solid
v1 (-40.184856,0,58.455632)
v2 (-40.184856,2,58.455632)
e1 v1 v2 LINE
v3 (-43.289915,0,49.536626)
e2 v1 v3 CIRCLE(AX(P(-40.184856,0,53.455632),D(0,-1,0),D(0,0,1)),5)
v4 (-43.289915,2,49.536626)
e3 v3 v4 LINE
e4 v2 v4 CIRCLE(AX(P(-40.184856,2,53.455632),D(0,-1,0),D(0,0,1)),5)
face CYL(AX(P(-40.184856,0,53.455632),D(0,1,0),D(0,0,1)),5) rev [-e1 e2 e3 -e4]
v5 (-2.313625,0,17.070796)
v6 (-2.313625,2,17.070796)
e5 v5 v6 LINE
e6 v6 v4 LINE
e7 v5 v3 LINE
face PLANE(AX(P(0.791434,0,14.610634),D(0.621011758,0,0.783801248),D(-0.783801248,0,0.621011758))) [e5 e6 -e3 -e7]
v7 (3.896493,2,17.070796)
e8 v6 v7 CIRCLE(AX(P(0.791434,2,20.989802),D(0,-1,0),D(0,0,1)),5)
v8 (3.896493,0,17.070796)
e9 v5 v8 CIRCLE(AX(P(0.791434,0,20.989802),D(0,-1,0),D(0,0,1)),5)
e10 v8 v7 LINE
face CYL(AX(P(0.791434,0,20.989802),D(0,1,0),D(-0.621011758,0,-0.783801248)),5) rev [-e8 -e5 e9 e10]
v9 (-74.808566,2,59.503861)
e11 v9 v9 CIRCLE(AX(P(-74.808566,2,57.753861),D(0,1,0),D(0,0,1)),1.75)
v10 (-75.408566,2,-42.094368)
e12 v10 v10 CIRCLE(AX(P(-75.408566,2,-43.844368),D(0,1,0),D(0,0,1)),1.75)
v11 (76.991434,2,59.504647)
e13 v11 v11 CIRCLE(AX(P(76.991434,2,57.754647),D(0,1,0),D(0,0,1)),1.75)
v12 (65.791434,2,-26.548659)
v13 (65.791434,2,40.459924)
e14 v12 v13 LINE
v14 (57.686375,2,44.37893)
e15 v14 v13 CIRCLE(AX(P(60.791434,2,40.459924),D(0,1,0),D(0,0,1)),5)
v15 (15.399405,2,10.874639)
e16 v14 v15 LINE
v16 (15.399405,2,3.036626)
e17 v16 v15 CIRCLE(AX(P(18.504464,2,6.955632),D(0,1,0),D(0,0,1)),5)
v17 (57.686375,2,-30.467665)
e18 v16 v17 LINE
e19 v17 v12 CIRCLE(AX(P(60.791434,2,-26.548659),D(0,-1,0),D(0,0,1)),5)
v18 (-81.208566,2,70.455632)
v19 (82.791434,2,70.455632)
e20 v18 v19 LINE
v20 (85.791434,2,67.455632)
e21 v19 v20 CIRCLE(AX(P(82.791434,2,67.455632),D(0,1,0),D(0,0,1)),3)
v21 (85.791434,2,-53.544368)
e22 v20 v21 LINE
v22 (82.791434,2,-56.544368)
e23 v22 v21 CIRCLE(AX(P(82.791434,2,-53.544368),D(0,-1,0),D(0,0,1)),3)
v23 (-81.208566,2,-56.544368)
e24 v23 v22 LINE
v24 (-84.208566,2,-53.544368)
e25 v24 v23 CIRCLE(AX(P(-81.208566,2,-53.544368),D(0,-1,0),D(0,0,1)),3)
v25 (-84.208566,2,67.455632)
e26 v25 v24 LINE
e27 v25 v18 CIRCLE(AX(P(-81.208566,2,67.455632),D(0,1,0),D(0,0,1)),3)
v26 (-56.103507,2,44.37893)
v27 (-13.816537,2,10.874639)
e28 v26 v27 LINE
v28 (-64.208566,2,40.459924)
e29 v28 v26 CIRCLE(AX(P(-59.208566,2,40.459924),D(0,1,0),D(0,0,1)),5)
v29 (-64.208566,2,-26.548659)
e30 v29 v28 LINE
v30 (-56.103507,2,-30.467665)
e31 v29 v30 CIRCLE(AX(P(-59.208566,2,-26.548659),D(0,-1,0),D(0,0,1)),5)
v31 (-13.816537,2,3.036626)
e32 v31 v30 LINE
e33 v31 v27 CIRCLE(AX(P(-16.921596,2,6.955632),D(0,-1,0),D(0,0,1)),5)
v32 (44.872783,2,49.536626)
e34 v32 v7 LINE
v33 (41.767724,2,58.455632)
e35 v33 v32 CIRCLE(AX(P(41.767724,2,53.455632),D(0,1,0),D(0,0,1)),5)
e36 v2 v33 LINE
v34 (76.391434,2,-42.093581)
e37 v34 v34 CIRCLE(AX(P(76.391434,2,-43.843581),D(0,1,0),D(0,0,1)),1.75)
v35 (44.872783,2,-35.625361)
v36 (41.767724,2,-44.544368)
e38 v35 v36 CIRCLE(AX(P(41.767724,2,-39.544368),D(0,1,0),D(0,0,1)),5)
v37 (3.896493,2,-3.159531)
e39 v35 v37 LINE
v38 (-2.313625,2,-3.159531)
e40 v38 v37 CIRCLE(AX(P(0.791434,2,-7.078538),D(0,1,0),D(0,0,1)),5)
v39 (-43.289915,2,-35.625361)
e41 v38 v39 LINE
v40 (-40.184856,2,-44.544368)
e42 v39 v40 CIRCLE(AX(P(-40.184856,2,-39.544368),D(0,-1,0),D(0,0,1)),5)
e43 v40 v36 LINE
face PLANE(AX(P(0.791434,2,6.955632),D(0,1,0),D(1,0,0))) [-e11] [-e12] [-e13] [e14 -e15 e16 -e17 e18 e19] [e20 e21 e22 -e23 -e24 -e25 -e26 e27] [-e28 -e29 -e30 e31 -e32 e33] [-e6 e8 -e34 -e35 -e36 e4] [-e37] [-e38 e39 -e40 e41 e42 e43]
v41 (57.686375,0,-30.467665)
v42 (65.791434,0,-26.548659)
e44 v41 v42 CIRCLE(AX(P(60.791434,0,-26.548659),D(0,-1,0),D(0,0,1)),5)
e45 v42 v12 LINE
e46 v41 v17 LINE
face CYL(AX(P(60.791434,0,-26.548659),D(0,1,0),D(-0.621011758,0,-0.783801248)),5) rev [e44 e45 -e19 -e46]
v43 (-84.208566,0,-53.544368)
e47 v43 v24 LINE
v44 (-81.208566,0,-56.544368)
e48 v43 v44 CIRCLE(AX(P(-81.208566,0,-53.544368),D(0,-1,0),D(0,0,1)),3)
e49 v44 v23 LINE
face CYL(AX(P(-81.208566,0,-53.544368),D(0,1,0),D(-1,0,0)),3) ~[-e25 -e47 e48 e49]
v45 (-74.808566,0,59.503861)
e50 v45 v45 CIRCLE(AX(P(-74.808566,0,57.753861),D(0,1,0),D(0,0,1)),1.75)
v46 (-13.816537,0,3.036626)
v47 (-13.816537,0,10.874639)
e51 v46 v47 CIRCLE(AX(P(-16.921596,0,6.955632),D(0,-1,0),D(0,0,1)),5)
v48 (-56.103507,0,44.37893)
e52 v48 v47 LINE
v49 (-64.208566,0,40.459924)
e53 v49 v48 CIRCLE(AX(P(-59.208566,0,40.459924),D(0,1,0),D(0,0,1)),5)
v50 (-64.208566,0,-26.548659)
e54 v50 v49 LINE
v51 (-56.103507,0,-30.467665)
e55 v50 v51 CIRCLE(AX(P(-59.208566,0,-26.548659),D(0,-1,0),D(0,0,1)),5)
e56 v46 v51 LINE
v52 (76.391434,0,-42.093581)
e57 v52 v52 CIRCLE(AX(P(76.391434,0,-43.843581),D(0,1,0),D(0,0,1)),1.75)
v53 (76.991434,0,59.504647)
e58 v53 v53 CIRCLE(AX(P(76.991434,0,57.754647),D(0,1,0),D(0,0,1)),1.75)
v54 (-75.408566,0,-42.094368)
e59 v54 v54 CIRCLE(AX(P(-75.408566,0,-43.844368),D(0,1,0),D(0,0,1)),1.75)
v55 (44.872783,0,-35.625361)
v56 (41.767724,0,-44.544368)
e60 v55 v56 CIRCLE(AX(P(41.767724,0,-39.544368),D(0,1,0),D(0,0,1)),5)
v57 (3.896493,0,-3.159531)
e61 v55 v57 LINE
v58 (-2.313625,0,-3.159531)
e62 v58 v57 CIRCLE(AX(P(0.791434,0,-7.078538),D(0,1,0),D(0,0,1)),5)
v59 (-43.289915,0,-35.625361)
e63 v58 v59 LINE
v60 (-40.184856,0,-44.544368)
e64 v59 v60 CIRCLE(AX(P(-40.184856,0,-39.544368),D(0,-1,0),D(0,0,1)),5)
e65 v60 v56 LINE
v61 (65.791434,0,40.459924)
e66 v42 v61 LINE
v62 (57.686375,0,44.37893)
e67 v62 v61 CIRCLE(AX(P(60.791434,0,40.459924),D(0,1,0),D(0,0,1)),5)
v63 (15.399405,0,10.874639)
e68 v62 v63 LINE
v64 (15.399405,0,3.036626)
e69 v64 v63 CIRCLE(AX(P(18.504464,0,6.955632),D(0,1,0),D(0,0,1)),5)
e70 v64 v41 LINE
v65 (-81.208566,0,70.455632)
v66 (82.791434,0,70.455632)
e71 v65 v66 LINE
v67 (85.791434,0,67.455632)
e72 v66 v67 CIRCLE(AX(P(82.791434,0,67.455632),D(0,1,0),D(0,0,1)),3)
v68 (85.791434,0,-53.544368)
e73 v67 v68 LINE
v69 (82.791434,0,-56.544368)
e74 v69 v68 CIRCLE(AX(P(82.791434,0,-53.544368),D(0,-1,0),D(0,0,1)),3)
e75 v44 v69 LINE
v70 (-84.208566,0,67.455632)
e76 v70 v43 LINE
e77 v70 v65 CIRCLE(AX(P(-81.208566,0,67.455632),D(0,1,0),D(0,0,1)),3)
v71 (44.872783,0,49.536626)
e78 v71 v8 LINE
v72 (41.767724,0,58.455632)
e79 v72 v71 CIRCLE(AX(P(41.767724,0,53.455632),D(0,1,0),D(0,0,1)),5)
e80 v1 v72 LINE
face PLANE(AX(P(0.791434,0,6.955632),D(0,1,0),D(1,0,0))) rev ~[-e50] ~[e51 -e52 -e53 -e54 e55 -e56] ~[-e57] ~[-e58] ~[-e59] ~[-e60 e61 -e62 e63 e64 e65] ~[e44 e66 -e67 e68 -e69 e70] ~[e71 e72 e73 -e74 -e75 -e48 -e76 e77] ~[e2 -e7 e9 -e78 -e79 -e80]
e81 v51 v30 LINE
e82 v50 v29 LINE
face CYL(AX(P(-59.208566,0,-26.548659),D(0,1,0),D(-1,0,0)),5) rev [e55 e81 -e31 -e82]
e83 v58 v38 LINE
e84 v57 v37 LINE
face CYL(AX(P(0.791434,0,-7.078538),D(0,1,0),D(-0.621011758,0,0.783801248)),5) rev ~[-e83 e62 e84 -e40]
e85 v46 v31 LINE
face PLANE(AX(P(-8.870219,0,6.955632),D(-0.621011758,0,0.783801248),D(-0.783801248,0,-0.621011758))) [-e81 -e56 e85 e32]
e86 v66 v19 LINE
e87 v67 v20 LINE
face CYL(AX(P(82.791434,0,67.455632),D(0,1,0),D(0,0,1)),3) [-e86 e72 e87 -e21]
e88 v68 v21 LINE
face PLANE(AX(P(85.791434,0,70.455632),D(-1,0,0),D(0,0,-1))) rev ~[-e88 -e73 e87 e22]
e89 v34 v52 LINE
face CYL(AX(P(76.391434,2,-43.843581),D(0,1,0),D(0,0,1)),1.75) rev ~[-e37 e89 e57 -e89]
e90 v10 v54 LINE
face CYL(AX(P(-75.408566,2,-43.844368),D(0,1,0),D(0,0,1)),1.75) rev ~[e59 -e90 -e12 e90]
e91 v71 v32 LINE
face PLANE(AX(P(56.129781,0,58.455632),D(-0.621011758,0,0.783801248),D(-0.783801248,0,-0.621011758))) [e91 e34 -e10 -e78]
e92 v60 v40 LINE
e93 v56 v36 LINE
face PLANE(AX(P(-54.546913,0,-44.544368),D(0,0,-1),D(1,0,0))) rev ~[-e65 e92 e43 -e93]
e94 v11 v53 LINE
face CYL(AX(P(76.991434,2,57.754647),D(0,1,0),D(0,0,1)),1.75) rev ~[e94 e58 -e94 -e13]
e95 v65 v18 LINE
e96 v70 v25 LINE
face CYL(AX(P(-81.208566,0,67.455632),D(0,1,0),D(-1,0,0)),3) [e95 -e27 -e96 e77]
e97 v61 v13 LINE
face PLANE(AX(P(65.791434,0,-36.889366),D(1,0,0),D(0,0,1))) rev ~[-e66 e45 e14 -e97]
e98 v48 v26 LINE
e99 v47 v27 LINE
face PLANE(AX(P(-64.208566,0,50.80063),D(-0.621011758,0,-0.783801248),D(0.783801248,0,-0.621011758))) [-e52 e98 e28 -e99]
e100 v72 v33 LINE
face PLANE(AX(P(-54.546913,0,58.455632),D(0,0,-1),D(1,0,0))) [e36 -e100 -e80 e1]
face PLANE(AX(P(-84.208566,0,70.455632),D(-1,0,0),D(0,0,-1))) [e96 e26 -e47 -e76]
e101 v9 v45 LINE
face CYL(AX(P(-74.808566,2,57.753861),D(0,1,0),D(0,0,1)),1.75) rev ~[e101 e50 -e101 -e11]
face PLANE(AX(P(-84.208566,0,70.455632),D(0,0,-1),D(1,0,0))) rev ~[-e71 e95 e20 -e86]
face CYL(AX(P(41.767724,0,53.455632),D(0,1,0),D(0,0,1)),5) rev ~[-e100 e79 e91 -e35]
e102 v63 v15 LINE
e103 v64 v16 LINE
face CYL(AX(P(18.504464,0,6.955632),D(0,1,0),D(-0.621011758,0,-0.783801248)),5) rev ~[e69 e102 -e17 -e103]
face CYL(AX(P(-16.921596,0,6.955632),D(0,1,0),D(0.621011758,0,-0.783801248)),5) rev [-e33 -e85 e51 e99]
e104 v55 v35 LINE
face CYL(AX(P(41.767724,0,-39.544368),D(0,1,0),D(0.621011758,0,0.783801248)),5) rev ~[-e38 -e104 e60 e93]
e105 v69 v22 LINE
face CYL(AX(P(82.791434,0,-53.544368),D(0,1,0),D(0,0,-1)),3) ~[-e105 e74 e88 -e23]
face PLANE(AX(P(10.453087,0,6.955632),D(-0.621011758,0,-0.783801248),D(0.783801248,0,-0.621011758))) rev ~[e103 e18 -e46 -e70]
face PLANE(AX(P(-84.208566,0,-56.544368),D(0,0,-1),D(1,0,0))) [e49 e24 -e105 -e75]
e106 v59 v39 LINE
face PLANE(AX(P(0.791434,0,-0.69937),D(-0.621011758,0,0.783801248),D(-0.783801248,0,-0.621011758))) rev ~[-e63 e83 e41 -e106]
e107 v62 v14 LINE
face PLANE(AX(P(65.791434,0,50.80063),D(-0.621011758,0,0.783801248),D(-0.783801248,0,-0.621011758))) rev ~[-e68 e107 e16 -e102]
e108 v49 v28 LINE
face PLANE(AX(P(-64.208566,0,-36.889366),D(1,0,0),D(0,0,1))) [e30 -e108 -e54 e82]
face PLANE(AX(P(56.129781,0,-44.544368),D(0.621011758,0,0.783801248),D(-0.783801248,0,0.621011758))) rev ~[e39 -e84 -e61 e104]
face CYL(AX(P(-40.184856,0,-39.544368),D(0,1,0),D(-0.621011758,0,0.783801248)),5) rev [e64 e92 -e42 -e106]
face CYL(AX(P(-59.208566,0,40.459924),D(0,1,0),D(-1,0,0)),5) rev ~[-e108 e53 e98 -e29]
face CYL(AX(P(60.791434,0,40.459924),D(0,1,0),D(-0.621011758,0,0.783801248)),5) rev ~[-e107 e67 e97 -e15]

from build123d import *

# Parameters (mm, degrees)
SKETCH1_W           = 170
SKETCH1_H           = 127
BOSS_EXTRUDE1_DEPTH = 2
FILLET1_R           = 5
FILLET2_R           = 3
SKETCH2_R           = 1.75
CUT_EXTRUDE1_DEPTH  = 3
FILLET3_R           = 5


with BuildPart() as part:
    # Sketch1 → Boss-Extrude1 (new body)
    with BuildSketch(Plane(origin=(0, 0, 0), x_dir=(1, 0, 0), z_dir=(0, 1, 0))):
        with Locations((0.791433892, -6.955632319)):
            Rectangle(SKETCH1_W, SKETCH1_H)
        Polygon((-54.546913293, 44.544367681), (56.129781077, 44.544367681), (0.791433892, 0.699369526), align=None, mode=Mode.SUBTRACT)
        Polygon((-64.208566108, 36.889365836), (-64.208566108, -50.800630474), (-8.870218923, -6.955632319), align=None, mode=Mode.SUBTRACT)
        Polygon((-54.546913293, -58.455632319), (56.129781077, -58.455632319), (0.791433892, -14.610634164), align=None, mode=Mode.SUBTRACT)
        Polygon((65.791433892, 36.889365836), (65.791433892, -50.800630474), (10.453086707, -6.955632319), align=None, mode=Mode.SUBTRACT)
    extrude(amount=BOSS_EXTRUDE1_DEPTH)

    # Fillet1
    fillet1_edges = [part.edges().sort_by_distance(p)[0] for p in [
        (0.791433892, 1, -0.699369526),
        (56.129781077, 1, -44.544367681),
        (-54.546913293, 1, -44.544367681),
        (10.453086707, 1, 6.955632319),
        (65.791433892, 1, 50.800630474),
        (65.791433892, 1, -36.889365836),
        (-8.870218923, 1, 6.955632319),
        (-64.208566108, 1, -36.889365836),
        (-64.208566108, 1, 50.800630474),
        (56.129781077, 1, 58.455632319),
        (0.791433892, 1, 14.610634164),
    ]]
    fillet(fillet1_edges, radius=FILLET1_R)

    # Fillet2
    fillet2_edges = [part.edges().sort_by_distance(p)[0] for p in [
        (-84.208566108, 1, -56.544367681),
        (85.791433892, 1, -56.544367681),
        (85.791433892, 1, 70.455632319),
        (-84.208566108, 1, 70.455632319),
    ]]
    fillet(fillet2_edges, radius=FILLET2_R)

    # Sketch2 → Cut-Extrude1 (cut)
    with BuildSketch(Plane(origin=(0, 2, 0), x_dir=(1, 0, 0), z_dir=(0, 1, 0))):
        with Locations(Location((-75.408566108, 43.844367681, 0), (0, 0, 270))):
            Circle(SKETCH2_R)
        with Locations(Location((76.39143389, 43.843581312, 0), (0, 0, 270))):
            Circle(SKETCH2_R)
        with Locations(Location((76.991433894, -57.754647019, 0), (0, 0, 270))):
            Circle(SKETCH2_R)
        with Locations(Location((-74.808566104, -57.75386065, 0), (0, 0, 270))):
            Circle(SKETCH2_R)
    extrude(amount=-CUT_EXTRUDE1_DEPTH, mode=Mode.SUBTRACT)

    # Fillet3
    fillet3_edges = [part.edges().sort_by_distance(p)[0] for p in [
        (-54.546913293, 1, 58.455632319),
    ]]
    fillet(fillet3_edges, radius=FILLET3_R)


solid = part.part
